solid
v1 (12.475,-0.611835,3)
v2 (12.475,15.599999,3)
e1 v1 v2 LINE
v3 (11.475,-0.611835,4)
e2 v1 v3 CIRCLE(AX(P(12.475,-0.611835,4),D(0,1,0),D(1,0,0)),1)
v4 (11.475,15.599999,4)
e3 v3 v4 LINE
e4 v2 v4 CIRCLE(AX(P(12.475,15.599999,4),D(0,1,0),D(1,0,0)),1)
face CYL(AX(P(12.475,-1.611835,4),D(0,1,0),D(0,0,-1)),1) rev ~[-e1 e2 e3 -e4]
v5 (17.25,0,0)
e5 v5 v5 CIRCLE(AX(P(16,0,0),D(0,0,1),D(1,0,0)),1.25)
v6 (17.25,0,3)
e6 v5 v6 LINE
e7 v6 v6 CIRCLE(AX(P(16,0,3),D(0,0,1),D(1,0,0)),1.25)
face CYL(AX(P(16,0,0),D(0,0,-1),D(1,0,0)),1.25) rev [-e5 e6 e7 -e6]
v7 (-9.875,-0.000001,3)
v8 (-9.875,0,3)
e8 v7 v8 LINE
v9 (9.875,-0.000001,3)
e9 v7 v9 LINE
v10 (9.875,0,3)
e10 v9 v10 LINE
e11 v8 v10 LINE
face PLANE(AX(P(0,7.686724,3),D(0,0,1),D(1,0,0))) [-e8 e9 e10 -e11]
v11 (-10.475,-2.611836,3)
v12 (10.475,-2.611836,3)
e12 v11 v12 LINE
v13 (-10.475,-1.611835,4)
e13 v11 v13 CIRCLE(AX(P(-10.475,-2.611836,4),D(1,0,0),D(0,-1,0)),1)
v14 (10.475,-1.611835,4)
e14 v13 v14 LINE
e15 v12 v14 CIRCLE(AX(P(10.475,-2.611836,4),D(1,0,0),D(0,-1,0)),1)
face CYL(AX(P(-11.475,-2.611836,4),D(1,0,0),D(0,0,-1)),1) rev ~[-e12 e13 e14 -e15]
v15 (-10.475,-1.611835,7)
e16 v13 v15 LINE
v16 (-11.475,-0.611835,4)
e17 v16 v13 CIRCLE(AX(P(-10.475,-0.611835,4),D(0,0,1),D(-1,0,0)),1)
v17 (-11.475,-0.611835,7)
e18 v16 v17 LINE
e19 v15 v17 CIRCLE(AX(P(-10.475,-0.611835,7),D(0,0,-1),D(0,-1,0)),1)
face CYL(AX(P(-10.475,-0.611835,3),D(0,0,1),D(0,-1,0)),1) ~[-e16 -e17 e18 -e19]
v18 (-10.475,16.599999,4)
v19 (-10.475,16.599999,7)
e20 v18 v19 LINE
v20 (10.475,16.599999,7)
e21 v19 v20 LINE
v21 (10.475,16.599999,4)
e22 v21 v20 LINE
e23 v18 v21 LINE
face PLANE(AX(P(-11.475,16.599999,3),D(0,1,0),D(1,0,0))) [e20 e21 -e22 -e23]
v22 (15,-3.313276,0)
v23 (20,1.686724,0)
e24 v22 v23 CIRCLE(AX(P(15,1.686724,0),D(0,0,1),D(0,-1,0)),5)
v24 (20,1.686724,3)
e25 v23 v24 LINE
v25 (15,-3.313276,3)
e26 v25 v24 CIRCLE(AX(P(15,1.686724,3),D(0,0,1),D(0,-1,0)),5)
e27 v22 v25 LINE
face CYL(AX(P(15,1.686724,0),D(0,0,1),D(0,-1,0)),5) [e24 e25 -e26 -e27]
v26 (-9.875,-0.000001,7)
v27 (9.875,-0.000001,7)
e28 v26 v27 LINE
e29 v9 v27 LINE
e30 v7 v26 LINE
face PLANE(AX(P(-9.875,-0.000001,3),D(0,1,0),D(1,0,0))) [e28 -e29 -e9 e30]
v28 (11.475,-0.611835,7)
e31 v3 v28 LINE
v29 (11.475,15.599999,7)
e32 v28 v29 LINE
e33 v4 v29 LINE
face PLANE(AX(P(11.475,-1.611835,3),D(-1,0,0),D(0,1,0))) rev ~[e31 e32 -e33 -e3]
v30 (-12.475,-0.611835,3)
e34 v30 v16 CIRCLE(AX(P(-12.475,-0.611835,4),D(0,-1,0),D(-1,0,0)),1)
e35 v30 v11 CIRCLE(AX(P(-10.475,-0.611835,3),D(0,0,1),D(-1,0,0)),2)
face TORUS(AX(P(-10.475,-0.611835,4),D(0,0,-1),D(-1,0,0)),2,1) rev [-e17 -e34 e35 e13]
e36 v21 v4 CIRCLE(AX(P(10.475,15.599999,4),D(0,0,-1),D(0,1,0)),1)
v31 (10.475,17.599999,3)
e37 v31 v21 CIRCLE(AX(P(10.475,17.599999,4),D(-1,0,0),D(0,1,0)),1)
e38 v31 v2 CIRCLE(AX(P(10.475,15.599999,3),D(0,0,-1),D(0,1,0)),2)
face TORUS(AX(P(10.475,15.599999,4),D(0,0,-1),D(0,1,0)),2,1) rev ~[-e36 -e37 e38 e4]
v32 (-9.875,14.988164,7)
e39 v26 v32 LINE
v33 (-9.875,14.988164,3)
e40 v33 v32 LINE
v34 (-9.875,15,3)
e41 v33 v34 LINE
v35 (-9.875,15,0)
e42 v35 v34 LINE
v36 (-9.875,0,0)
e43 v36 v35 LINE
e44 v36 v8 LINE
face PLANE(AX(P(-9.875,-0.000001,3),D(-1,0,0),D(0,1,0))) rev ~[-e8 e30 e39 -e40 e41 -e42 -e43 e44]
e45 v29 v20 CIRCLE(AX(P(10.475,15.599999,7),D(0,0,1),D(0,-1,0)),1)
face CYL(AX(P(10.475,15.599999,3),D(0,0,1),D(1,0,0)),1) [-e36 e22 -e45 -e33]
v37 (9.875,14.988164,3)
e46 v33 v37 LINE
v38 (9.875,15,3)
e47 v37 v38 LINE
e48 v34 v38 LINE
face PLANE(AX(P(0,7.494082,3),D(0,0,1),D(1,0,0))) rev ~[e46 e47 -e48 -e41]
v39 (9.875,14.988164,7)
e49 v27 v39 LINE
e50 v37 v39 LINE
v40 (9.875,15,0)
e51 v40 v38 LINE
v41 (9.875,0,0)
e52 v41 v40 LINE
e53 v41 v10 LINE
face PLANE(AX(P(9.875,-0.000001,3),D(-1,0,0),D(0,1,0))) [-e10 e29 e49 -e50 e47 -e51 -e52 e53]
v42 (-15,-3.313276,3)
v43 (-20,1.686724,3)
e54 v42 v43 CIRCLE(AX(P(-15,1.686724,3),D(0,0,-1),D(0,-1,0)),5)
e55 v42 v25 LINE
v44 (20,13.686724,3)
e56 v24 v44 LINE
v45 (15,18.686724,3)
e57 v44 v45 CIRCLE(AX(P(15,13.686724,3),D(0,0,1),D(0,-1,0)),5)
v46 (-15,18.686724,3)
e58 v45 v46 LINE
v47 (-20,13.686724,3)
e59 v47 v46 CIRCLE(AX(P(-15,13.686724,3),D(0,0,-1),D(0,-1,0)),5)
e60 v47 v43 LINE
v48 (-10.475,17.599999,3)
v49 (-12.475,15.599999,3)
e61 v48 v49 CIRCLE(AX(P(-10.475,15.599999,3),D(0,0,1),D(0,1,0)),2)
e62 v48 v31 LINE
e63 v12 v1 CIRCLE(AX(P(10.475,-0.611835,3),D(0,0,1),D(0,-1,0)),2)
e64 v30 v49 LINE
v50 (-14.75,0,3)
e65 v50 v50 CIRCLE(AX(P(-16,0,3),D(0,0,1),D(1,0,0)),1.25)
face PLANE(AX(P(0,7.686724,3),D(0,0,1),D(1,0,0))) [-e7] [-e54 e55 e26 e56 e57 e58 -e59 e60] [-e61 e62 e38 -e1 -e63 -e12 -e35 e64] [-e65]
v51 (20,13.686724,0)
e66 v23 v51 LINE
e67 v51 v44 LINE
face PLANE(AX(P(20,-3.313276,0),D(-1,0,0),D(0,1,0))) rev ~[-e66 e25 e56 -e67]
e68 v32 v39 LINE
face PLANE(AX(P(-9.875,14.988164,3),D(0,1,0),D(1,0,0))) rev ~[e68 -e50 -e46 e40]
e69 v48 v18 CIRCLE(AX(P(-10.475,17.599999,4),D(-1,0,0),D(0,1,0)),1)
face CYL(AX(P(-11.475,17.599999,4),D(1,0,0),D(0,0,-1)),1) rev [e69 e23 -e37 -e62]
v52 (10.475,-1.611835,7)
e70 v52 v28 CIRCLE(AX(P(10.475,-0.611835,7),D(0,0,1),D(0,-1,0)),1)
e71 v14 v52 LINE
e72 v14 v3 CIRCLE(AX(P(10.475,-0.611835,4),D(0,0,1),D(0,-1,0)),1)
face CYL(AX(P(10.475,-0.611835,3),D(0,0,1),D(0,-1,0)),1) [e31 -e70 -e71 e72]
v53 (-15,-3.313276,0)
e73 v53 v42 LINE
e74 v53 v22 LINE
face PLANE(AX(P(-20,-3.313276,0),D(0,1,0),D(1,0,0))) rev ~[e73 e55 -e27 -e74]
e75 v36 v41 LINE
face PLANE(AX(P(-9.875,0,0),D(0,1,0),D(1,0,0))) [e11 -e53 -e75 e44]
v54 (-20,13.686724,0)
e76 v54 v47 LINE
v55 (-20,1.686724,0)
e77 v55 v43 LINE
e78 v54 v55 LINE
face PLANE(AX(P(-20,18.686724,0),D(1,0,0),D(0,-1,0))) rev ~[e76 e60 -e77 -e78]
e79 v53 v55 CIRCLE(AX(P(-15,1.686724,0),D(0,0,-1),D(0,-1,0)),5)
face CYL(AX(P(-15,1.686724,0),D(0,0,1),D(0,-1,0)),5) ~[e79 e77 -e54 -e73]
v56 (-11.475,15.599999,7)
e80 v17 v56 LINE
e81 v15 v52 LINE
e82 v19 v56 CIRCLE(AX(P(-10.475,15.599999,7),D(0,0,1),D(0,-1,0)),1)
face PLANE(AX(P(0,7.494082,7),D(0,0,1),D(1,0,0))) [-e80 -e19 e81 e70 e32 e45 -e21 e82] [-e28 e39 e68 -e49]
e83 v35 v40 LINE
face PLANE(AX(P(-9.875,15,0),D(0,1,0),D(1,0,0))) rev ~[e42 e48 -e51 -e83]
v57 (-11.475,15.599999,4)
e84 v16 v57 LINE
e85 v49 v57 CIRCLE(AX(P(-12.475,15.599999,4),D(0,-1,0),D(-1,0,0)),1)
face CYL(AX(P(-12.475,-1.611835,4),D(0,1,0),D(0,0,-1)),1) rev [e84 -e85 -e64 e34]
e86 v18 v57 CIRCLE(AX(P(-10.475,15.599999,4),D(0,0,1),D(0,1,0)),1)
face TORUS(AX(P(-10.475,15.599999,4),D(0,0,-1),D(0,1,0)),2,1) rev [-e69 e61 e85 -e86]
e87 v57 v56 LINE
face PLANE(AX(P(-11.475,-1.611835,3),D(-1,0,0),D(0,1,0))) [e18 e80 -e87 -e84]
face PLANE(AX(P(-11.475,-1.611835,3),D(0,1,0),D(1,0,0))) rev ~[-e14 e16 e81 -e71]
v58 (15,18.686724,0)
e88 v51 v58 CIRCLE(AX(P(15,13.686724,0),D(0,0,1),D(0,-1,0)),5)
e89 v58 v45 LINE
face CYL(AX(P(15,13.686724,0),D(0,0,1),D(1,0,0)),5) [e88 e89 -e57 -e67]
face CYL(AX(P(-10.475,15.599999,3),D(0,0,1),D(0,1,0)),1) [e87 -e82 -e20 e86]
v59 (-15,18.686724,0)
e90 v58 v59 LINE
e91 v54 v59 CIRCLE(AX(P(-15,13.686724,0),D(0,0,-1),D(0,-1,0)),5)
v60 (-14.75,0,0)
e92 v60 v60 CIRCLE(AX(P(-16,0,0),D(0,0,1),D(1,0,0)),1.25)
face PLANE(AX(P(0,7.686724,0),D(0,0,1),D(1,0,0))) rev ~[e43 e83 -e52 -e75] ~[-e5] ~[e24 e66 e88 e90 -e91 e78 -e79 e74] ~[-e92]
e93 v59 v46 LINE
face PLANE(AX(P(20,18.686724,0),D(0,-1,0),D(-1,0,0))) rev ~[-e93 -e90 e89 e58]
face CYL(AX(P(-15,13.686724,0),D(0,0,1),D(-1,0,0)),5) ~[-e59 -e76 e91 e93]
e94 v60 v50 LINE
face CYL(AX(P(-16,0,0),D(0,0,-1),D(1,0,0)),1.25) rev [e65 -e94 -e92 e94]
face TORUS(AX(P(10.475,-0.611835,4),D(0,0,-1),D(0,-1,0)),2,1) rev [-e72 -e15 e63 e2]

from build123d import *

# Parameters (mm, degrees)
F0_R     = 1.25
F0_W     = 19.75
F0_H     = 15
F1_DEPTH = 3
F2_W     = 22.95
F2_H     = 18.211835
F2_W_2   = 19.75
F2_H_2   = 14.988165
F3_DEPTH = 4
F4_R     = 5
F5_R     = 1


with BuildPart() as f1:
    # F0 (on Top) → F1 (new body)
    with BuildSketch(Plane.XY):
        Polygon((-20, -3.313276), (0, -3.313276), (20, -3.313276), (20, 18.686724), (0, 18.686724), (-20, 18.686724), align=None)
        with Locations((-16, 0)):
            Circle(F0_R, mode=Mode.SUBTRACT)
        with Locations((16, 0)):
            Circle(F0_R, mode=Mode.SUBTRACT)
        with Locations((0, 7.5)):
            Rectangle(F0_W, F0_H, mode=Mode.SUBTRACT)
    extrude(amount=F1_DEPTH)

    # F2 (on face) → F3 (join)
    with BuildSketch(Plane.XY.offset(3)):
        with Locations((0, 7.494082)):
            Rectangle(F2_W, F2_H)
        with Locations((0, 7.494082)):
            Rectangle(F2_W_2, F2_H_2, mode=Mode.SUBTRACT)
    extrude(amount=F3_DEPTH)

    # F4
    f4_edges = [f1.edges().sort_by_distance(p)[0] for p in [
        (-20, 18.686724, 1.5),
        (20, 18.686724, 1.5),
        (-20, -3.313276, 1.5),
        (20, -3.313276, 1.5),
    ]]
    fillet(f4_edges, radius=F4_R)

    # F5
    f5_edges = [f1.edges().sort_by_distance(p)[0] for p in [
        (0, 16.6, 3),
        (-11.475, 7.494082, 3),
        (0, -1.611835, 3),
        (11.475, 7.494082, 3),
        (11.475, -1.611835, 5),
        (-11.475, -1.611835, 5),
        (11.475, 16.6, 5),
        (-11.475, 16.6, 5),
    ]]
    fillet(f5_edges, radius=F5_R)


solid = f1.part
